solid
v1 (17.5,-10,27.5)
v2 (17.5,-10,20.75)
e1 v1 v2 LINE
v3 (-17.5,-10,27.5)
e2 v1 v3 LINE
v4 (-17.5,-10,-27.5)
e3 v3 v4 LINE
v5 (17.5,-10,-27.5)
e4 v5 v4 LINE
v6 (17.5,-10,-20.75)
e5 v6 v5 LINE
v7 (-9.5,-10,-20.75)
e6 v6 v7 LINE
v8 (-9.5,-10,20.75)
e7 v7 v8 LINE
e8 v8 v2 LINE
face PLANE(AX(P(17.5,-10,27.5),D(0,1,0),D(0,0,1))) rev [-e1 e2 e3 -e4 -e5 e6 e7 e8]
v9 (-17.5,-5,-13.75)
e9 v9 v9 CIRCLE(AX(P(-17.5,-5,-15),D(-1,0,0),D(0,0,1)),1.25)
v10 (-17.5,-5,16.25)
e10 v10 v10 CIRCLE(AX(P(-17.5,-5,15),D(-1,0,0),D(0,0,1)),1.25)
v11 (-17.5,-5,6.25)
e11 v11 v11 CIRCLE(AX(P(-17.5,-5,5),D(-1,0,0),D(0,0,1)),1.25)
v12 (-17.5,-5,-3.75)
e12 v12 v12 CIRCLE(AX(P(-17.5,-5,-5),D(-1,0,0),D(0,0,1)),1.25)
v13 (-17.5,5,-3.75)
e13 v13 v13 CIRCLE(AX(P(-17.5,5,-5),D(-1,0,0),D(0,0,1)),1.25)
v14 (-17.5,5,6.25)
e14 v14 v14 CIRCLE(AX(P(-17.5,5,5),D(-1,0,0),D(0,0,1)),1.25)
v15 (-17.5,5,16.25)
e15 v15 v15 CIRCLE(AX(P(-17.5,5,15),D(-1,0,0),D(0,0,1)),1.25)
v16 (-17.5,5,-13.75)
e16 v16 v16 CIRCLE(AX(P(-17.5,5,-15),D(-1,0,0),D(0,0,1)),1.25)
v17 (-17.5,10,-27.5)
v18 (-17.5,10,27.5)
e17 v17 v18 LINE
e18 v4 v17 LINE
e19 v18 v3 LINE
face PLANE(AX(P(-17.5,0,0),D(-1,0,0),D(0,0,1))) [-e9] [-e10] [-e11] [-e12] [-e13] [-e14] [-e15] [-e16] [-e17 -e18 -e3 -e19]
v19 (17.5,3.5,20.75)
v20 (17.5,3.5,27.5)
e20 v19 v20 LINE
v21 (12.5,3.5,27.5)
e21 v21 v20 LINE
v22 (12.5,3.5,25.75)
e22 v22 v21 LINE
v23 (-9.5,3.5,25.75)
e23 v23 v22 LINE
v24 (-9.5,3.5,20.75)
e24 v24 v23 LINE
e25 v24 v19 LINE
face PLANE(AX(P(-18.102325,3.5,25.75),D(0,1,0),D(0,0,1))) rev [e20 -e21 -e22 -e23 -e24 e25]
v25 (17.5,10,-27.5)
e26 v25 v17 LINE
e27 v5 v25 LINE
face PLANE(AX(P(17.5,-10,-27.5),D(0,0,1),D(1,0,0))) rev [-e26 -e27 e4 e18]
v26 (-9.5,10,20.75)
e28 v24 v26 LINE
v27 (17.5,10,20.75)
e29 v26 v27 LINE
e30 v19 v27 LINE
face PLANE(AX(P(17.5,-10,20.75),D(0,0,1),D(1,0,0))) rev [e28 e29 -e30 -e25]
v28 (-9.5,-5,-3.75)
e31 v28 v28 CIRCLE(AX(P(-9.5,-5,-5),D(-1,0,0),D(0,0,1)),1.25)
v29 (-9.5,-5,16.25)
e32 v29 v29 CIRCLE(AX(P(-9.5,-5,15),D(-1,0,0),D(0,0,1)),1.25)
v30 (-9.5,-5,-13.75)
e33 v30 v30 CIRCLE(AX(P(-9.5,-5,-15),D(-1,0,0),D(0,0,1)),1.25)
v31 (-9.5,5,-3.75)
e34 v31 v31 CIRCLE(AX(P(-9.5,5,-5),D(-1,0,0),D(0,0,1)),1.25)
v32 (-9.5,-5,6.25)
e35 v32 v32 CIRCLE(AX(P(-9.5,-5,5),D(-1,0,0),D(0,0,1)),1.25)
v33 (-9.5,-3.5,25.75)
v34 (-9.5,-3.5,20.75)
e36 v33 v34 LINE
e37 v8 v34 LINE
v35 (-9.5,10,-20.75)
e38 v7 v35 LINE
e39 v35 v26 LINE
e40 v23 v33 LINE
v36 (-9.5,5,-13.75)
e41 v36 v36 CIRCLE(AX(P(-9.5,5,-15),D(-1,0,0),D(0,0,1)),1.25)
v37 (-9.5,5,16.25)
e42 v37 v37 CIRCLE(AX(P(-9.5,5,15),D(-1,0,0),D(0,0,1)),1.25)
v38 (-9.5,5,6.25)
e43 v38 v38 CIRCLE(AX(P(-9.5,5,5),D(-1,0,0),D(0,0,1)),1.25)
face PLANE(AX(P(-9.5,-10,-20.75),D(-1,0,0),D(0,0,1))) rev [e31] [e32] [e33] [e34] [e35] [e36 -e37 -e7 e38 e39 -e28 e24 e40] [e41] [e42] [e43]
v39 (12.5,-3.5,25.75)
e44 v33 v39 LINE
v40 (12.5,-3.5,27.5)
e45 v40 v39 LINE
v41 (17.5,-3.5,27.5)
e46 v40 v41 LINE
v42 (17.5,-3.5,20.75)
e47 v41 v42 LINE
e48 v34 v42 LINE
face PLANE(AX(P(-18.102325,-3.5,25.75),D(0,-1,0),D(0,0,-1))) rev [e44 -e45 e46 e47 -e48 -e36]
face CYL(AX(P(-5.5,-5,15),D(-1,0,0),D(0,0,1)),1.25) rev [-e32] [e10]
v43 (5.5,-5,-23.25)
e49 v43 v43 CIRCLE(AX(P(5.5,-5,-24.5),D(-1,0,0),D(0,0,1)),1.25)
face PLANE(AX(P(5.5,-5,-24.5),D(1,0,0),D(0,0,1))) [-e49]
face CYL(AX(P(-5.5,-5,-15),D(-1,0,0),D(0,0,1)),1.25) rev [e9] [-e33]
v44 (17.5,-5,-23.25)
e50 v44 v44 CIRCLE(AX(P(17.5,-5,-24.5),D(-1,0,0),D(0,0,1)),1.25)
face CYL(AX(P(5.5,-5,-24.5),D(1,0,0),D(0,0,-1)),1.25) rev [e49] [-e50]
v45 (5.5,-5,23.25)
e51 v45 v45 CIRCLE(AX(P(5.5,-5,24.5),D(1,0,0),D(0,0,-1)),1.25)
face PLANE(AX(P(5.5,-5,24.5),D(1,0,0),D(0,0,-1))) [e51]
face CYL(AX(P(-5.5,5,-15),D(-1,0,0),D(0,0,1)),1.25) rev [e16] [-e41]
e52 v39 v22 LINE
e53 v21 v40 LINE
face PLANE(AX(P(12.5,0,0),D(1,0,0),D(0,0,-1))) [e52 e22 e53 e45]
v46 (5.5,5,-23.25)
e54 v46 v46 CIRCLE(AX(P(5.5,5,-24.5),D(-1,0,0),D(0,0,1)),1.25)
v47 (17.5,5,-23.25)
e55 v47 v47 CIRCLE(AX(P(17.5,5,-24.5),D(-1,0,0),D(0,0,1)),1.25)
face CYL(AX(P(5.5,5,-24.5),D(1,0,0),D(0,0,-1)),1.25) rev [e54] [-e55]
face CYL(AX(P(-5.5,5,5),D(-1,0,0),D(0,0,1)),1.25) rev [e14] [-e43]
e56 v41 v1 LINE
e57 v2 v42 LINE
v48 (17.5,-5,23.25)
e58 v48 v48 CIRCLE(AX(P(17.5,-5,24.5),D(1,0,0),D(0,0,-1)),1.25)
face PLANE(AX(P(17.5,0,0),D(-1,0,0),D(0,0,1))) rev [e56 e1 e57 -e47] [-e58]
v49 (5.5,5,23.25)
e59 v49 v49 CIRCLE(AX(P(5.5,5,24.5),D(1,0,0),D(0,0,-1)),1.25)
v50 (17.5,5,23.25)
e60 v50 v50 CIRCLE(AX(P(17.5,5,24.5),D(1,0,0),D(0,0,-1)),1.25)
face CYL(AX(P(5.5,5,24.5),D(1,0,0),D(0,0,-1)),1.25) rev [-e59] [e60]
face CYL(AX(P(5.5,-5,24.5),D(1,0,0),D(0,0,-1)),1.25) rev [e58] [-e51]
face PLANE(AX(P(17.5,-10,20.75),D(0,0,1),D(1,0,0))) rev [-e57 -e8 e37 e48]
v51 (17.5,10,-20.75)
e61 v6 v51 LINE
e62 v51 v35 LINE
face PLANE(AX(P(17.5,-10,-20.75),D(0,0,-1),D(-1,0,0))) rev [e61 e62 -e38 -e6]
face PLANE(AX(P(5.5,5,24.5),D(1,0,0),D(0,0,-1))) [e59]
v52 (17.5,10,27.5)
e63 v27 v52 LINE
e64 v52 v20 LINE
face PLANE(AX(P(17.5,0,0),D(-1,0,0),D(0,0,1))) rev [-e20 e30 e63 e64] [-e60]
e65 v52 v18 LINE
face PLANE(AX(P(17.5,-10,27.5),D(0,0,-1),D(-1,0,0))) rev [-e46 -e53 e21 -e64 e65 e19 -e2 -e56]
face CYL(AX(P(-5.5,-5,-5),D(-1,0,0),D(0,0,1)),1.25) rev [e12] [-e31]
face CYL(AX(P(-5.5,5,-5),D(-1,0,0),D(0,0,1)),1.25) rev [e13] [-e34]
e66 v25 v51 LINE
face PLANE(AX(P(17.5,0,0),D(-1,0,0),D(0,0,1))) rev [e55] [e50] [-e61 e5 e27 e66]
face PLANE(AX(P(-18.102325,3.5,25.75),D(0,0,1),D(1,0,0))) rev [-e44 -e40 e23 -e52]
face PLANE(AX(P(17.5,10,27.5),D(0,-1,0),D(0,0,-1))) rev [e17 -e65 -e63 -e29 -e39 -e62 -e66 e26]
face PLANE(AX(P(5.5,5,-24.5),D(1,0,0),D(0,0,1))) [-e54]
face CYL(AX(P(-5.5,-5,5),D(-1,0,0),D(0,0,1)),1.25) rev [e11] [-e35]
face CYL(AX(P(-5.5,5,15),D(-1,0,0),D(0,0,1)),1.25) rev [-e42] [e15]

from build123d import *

# Parameters (mm, degrees)
SKETCH1_W                 = 55
SKETCH1_H                 = 20
MAIN_DEPTH                = 17.5
SKETCH3_W                 = 27
SKETCH3_H                 = 41.5
CENTRALHOLEFORSERVO_DEPTH = 21
SKETCH4_R                 = 1.25
FIXHOLESERVO_DEPTH        = 12
SKETCH5_R                 = 1.25
BOTTOMFIXHOLE_DEPTH       = 12
LPATTERN1_COUNT           = 4
LPATTERN1_PITCH           = 10
SKETCH6_W                 = 5
SKETCH6_H                 = 7
CUT_EXTRUDE4_DEPTH        = 27
SKETCH7_W                 = 1.75
SKETCH7_H                 = 7
CUT_EXTRUDE5_DEPTH        = 5


with BuildPart() as part:
    # Sketch1 → Main (new body, symmetric)
    with BuildSketch(Plane(origin=(0, 0, 0), x_dir=(0, 0, -1), z_dir=(1, 0, 0))):
        Rectangle(SKETCH1_W, SKETCH1_H)
    extrude(amount=MAIN_DEPTH, both=True)

    # Sketch3 → CentralHoleForServo (cut, through all)
    with BuildSketch(Plane(origin=(0, 10, 0), x_dir=(1, 0, 0), z_dir=(0, 1, 0))):
        with Locations((4, 0)):
            Rectangle(SKETCH3_W, SKETCH3_H)
    extrude(amount=-CENTRALHOLEFORSERVO_DEPTH, mode=Mode.SUBTRACT)

    # Sketch4 → FixHoleServo (cut)
    with BuildSketch(Plane(origin=(17.5, 0, 0), x_dir=(0, 0, -1), z_dir=(1, 0, 0))):
        with Locations((-24.5, 5)):
            Circle(SKETCH4_R)
        with Locations((-24.5, -5)):
            Circle(SKETCH4_R)
    fixholeservo = extrude(amount=-FIXHOLESERVO_DEPTH, mode=Mode.SUBTRACT)

    # FixHoleServoMirror: FixHoleServo across plane
    add(fixholeservo.mirror(Plane.XY), mode=Mode.SUBTRACT)

    # Sketch5 → BottomFixHole (cut)
    with BuildSketch(Plane.ZY.offset(17.5)):
        with Locations((15, 5)):
            Circle(SKETCH5_R)
        with Locations((15, -5)):
            Circle(SKETCH5_R)
    bottomfixhole = extrude(amount=-BOTTOMFIXHOLE_DEPTH, mode=Mode.SUBTRACT)

    # LPattern1: BottomFixHole ×4
    with Locations(*[(0, 0, -i * LPATTERN1_PITCH) for i in range(1, LPATTERN1_COUNT)]):
        add(bottomfixhole, mode=Mode.SUBTRACT)

    # Sketch6 → Cut-Extrude4 (cut)
    with BuildSketch(Plane(origin=(17.5, 0, 0), x_dir=(0, 0, -1), z_dir=(1, 0, 0))):
        with Locations((-23.25, 0)):
            Rectangle(SKETCH6_W, SKETCH6_H)
    extrude(amount=-CUT_EXTRUDE4_DEPTH, mode=Mode.SUBTRACT)

    # Sketch7 → Cut-Extrude5 (cut)
    with BuildSketch(Plane(origin=(17.5, 0, 0), x_dir=(0, 0, -1), z_dir=(1, 0, 0))):
        with Locations((-26.625, 0)):
            Rectangle(SKETCH7_W, SKETCH7_H)
    extrude(amount=-CUT_EXTRUDE5_DEPTH, mode=Mode.SUBTRACT)


solid = part.part
